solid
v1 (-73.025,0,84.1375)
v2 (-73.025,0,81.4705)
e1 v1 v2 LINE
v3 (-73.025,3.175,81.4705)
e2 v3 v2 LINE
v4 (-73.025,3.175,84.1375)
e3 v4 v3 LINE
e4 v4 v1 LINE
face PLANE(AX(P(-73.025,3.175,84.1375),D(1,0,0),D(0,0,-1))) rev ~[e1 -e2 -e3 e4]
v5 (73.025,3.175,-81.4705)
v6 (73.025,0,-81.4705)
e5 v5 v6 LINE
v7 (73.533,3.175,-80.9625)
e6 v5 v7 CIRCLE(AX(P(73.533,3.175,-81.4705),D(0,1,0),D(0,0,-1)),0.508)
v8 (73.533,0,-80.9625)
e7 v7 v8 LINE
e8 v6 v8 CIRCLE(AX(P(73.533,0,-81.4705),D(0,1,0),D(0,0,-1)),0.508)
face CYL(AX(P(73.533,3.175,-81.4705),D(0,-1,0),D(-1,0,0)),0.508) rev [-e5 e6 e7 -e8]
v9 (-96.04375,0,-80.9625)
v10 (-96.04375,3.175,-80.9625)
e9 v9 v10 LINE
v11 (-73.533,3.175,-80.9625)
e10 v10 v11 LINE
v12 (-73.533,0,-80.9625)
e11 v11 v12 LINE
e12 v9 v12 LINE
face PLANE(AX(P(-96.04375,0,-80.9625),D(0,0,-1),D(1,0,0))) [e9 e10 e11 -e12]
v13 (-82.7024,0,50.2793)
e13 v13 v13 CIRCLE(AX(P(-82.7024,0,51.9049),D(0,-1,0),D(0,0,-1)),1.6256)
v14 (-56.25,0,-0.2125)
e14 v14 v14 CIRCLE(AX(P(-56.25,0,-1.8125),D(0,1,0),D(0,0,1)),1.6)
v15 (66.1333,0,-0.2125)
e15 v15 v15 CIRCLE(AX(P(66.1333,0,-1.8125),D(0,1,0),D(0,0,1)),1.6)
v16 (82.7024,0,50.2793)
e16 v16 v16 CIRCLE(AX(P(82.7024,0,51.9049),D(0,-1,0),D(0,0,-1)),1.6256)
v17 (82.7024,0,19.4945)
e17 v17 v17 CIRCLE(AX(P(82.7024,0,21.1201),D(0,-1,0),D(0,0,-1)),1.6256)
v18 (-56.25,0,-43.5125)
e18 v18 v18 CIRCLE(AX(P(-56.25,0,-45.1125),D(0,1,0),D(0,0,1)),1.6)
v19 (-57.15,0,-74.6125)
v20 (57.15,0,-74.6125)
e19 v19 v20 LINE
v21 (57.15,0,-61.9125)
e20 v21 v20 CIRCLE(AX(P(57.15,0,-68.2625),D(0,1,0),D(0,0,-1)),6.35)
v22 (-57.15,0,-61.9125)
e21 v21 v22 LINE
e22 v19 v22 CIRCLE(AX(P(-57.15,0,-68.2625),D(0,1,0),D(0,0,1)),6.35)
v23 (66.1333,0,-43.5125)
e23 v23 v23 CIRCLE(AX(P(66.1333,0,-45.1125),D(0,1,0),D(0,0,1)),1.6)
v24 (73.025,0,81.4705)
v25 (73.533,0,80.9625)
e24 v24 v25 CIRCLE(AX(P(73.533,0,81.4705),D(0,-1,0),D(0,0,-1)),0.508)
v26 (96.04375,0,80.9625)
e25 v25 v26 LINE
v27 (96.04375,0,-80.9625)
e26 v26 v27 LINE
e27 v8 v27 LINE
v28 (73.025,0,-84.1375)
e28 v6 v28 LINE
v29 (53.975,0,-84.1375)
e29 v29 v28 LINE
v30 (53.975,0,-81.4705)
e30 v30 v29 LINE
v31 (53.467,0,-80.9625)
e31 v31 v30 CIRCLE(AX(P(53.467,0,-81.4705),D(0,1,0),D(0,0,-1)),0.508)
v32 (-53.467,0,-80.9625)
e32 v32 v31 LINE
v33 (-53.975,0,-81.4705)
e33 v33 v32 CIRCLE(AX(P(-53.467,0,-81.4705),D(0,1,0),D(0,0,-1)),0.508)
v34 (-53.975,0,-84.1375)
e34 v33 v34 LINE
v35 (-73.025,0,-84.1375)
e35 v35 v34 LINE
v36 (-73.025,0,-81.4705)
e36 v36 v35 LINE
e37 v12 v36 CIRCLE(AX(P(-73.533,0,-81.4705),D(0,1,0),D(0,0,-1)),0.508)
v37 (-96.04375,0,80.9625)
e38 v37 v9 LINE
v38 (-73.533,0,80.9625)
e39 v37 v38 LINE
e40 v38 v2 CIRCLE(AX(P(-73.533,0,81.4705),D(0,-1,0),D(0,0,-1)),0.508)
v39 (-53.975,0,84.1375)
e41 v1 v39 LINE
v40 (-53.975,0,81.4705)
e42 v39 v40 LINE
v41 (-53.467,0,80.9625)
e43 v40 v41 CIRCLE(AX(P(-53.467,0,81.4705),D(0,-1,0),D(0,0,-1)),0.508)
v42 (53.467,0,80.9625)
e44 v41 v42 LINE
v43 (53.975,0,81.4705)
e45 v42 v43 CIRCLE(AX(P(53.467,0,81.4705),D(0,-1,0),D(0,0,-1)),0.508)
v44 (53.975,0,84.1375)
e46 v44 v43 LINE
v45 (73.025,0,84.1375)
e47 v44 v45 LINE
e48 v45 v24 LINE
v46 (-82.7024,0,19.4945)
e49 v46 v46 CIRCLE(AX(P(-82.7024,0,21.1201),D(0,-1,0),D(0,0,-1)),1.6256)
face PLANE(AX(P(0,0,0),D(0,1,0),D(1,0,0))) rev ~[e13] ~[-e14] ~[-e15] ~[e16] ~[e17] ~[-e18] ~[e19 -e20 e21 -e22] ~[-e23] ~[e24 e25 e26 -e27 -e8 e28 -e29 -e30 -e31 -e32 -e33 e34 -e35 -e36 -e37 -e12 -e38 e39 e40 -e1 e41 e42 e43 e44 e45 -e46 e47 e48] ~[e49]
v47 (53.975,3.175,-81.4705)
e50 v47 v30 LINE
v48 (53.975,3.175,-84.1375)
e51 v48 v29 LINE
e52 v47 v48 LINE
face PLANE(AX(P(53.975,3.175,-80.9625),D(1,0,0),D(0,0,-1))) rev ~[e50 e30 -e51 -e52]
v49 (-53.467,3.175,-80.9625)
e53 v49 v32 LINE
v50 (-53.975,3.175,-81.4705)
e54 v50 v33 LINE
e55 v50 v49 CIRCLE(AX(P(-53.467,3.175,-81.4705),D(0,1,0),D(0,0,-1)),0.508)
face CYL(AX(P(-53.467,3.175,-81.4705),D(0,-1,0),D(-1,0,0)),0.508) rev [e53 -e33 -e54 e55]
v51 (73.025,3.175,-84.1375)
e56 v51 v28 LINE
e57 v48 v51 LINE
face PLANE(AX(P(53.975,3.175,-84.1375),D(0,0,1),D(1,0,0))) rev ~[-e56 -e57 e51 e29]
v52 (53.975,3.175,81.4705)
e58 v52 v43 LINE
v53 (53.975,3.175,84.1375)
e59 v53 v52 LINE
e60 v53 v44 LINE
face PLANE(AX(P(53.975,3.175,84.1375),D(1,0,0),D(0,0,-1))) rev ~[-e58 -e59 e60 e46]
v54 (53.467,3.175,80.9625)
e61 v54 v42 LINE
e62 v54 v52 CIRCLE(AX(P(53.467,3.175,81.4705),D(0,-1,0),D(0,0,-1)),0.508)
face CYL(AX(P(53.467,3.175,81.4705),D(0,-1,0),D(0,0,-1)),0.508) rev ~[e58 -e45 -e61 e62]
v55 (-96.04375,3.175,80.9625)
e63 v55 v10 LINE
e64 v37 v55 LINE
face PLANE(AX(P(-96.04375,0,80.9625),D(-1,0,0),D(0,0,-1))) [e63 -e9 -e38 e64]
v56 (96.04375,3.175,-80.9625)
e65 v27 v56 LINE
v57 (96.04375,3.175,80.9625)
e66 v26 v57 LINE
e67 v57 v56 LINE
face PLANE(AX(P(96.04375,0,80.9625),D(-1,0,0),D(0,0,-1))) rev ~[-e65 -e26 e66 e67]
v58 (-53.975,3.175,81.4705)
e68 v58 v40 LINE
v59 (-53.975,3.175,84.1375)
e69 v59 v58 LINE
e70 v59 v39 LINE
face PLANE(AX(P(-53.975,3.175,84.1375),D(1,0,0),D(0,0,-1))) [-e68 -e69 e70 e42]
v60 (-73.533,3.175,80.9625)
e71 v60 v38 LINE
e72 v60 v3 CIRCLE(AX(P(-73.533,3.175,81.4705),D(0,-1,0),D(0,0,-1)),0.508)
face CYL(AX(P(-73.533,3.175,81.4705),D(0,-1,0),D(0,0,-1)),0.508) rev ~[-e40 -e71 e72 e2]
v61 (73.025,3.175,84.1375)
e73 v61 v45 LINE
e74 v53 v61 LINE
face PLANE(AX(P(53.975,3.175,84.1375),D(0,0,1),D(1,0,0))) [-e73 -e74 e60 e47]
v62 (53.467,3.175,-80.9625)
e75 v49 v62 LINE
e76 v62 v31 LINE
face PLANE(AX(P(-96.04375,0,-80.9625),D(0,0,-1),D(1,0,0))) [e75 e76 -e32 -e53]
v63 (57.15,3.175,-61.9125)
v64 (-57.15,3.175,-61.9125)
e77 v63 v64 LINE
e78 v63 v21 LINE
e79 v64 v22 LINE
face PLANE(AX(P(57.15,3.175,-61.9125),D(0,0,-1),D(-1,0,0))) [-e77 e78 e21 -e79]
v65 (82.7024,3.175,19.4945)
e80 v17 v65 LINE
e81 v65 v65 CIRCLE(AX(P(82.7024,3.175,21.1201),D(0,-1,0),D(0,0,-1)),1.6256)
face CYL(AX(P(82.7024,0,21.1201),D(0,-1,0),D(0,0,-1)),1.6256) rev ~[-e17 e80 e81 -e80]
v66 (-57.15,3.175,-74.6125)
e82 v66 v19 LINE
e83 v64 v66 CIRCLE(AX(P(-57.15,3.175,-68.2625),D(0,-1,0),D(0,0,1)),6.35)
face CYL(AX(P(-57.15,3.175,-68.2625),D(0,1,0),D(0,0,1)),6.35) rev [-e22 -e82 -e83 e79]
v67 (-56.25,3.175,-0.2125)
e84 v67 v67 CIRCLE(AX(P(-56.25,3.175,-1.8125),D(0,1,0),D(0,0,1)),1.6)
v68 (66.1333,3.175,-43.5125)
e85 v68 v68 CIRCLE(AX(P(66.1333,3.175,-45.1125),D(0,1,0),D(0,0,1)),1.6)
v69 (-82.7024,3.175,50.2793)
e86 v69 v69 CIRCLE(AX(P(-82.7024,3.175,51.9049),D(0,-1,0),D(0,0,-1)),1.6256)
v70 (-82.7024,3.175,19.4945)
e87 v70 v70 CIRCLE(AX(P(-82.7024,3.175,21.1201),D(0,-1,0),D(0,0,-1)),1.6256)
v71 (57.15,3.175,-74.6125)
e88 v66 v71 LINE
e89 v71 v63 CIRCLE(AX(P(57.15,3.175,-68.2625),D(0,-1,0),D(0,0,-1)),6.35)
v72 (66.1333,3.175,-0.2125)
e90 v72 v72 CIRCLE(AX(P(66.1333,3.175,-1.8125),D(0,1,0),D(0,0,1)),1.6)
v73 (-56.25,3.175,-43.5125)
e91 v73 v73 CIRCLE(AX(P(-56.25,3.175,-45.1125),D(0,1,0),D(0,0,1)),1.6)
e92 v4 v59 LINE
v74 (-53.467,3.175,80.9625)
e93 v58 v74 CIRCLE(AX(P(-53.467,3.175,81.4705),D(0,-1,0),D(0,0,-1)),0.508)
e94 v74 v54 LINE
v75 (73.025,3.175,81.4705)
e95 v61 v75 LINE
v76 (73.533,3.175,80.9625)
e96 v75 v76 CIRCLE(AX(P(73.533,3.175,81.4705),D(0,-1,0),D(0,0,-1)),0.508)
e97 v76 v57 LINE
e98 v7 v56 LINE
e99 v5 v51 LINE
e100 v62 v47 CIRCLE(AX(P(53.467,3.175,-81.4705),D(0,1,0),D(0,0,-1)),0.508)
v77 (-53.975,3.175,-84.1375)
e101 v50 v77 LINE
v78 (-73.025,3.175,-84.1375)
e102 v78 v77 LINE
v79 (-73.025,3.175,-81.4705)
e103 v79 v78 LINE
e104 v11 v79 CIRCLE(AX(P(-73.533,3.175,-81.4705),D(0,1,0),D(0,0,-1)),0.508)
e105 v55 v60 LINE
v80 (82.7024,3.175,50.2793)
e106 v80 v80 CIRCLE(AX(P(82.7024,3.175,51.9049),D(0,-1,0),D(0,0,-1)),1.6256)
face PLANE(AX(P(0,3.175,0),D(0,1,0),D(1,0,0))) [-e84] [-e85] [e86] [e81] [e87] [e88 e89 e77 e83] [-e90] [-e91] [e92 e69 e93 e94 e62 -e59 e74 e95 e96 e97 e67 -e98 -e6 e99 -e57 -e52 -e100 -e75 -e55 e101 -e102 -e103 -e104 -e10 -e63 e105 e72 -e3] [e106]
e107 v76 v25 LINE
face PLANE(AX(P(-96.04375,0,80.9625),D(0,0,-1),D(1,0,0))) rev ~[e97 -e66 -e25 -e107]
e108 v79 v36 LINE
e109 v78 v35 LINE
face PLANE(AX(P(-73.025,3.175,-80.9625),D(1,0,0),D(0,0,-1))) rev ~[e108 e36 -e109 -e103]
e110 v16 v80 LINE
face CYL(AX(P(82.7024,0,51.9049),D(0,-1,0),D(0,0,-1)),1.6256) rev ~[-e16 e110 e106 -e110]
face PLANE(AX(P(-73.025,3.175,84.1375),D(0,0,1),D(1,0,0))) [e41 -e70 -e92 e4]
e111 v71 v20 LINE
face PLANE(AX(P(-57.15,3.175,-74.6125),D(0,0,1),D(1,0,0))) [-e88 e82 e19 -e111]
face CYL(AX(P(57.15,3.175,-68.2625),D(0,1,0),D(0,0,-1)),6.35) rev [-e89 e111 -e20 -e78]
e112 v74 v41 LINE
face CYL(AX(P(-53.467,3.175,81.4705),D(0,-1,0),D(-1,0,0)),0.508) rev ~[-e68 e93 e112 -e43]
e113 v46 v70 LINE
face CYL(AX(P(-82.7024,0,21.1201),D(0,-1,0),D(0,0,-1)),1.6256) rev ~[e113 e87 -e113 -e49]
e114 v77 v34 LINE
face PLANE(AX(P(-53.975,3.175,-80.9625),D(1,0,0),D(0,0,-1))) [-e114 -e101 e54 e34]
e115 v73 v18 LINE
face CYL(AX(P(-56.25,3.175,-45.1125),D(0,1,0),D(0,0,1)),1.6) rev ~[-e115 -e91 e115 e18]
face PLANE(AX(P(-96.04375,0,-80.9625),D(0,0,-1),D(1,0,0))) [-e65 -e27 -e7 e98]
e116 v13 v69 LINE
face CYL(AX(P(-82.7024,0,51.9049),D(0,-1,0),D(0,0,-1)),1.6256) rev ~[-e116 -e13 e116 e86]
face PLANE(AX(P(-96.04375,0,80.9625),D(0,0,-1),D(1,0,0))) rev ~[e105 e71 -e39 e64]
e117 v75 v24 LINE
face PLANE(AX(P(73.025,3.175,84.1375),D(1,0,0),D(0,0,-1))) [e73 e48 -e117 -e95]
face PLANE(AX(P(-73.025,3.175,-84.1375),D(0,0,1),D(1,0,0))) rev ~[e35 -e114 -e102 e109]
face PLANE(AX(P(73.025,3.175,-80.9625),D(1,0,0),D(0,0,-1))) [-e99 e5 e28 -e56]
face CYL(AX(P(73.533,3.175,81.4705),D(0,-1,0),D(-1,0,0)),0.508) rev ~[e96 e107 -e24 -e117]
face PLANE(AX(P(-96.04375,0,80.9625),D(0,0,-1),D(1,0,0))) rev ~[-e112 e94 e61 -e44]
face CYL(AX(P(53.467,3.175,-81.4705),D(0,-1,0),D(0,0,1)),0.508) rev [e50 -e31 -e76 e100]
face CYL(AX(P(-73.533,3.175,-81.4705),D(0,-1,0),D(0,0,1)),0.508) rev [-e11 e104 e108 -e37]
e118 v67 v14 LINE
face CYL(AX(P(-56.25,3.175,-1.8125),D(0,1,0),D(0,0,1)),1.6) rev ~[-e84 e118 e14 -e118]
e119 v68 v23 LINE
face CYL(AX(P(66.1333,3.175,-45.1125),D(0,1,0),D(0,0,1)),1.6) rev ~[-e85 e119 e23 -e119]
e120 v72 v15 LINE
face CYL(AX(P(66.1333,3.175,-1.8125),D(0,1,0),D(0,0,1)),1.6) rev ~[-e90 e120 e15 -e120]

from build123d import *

# Parameters (mm, degrees)
SKETCH1_W           = 192.0875
SKETCH1_H           = 161.925
BOSS_EXTRUDE1_DEPTH = 3.175
SKETCH2_W           = 19.05
SKETCH2_H           = 3.175
BOSS_EXTRUDE2_DEPTH = 3.175
CUT_EXTRUDE1_DEPTH  = 128.724709611
FILLET1_R           = 0.508
CUT_EXTRUDE2_REACH  = 129.725
SKETCH4_R           = 1.6256
CUT_EXTRUDE3_REACH  = 129.725
SKETCH5_R           = 1.6


with BuildPart() as part:
    # Sketch1 → Boss-Extrude1 (new body)
    with BuildSketch(Plane(origin=(0, 0, 0), x_dir=(1, 0, 0), z_dir=(0, 1, 0))):
        Rectangle(SKETCH1_W, SKETCH1_H)
    extrude(amount=BOSS_EXTRUDE1_DEPTH)

    # Sketch2 → Boss-Extrude2 (add)
    with BuildSketch(Plane(origin=(0, 3.175, 0), x_dir=(1, 0, 0), z_dir=(0, 1, 0))):
        with Locations((-63.5, 82.55)):
            Rectangle(SKETCH2_W, SKETCH2_H)
        with Locations((63.5, 82.55)):
            Rectangle(SKETCH2_W, SKETCH2_H)
        with Locations((-63.5, -82.55)):
            Rectangle(SKETCH2_W, SKETCH2_H)
        with Locations((63.5, -82.55)):
            Rectangle(SKETCH2_W, SKETCH2_H)
    extrude(amount=-BOSS_EXTRUDE2_DEPTH)

    # Sketch3 → Cut-Extrude1 (cut, through all)
    with BuildSketch(Plane(origin=(0, 3.175, 0), x_dir=(1, 0, 0), z_dir=(0, 1, 0))):
        with BuildLine():
            Line((-57.15, 74.6125), (57.15, 74.6125))
            ThreePointArc((57.15, 74.6125), (63.5, 68.2625), (57.15, 61.9125))
            Line((57.15, 61.9125), (-57.15, 61.9125))
            ThreePointArc((-57.15, 61.9125), (-63.5, 68.2625), (-57.15, 74.6125))
        make_face()
    extrude(amount=-CUT_EXTRUDE1_DEPTH, mode=Mode.SUBTRACT)

    # Fillet1
    fillet1_edges = [part.edges().sort_by_distance(p)[0] for p in [
        (73.025, 1.5875, 80.9625),
        (53.975, 1.5875, 80.9625),
        (-53.975, 1.5875, 80.9625),
        (-73.025, 1.5875, 80.9625),
        (53.975, 1.5875, -80.9625),
        (73.025, 1.5875, -80.9625),
        (-53.975, 1.5875, -80.9625),
        (-73.025, 1.5875, -80.9625),
    ]]
    fillet(fillet1_edges, radius=FILLET1_R)

    # Sketch4 → Cut-Extrude2 (cut, up to next)
    with BuildSketch(Plane.XZ, mode=Mode.PRIVATE) as cut_extrude2_sk1:
        with Locations(Location((-82.7024, 51.9049, 0), (0, 0, 270))):
            Circle(SKETCH4_R)
    cut_extrude2_tool1 = extrude(cut_extrude2_sk1.sketch, amount=-CUT_EXTRUDE2_REACH, mode=Mode.PRIVATE) & part.part
    # Sketch4 → Cut-Extrude2 (cut, up to next)
    with BuildSketch(Plane.XZ, mode=Mode.PRIVATE) as cut_extrude2_sk2:
        with Locations(Location((-82.7024, 21.1201, 0), (0, 0, 270))):
            Circle(SKETCH4_R)
    cut_extrude2_tool2 = extrude(cut_extrude2_sk2.sketch, amount=-CUT_EXTRUDE2_REACH, mode=Mode.PRIVATE) & part.part
    # Sketch4 → Cut-Extrude2 (cut, up to next)
    with BuildSketch(Plane.XZ, mode=Mode.PRIVATE) as cut_extrude2_sk3:
        with Locations(Location((82.7024, 21.1201, 0), (0, 0, 270))):
            Circle(SKETCH4_R)
    cut_extrude2_tool3 = extrude(cut_extrude2_sk3.sketch, amount=-CUT_EXTRUDE2_REACH, mode=Mode.PRIVATE) & part.part
    # Sketch4 → Cut-Extrude2 (cut, up to next)
    with BuildSketch(Plane.XZ, mode=Mode.PRIVATE) as cut_extrude2_sk4:
        with Locations(Location((82.7024, 51.9049, 0), (0, 0, 270))):
            Circle(SKETCH4_R)
    cut_extrude2_tool4 = extrude(cut_extrude2_sk4.sketch, amount=-CUT_EXTRUDE2_REACH, mode=Mode.PRIVATE) & part.part
    add(cut_extrude2_tool1.solids().sort_by_distance((-82.7024, 0, 51.9049))[0], mode=Mode.SUBTRACT)
    add(cut_extrude2_tool2.solids().sort_by_distance((-82.7024, 0, 21.1201))[0], mode=Mode.SUBTRACT)
    add(cut_extrude2_tool3.solids().sort_by_distance((82.7024, 0, 21.1201))[0], mode=Mode.SUBTRACT)
    add(cut_extrude2_tool4.solids().sort_by_distance((82.7024, 0, 51.9049))[0], mode=Mode.SUBTRACT)

    # Sketch5 → Cut-Extrude3 (cut, up to next)
    with BuildSketch(Plane(origin=(0, 3.175, 0), x_dir=(1, 0, 0), z_dir=(0, 1, 0)), mode=Mode.PRIVATE) as cut_extrude3_sk1:
        with Locations(Location((66.1333, 1.8125, 0), (0, 0, 270))):
            Circle(SKETCH5_R)
    cut_extrude3_tool1 = extrude(cut_extrude3_sk1.sketch, amount=-CUT_EXTRUDE3_REACH, mode=Mode.PRIVATE) & part.part
    # Sketch5 → Cut-Extrude3 (cut, up to next)
    with BuildSketch(Plane(origin=(0, 3.175, 0), x_dir=(1, 0, 0), z_dir=(0, 1, 0)), mode=Mode.PRIVATE) as cut_extrude3_sk2:
        with Locations(Location((66.1333, 45.1125, 0), (0, 0, 270))):
            Circle(SKETCH5_R)
    cut_extrude3_tool2 = extrude(cut_extrude3_sk2.sketch, amount=-CUT_EXTRUDE3_REACH, mode=Mode.PRIVATE) & part.part
    # Sketch5 → Cut-Extrude3 (cut, up to next)
    with BuildSketch(Plane(origin=(0, 3.175, 0), x_dir=(1, 0, 0), z_dir=(0, 1, 0)), mode=Mode.PRIVATE) as cut_extrude3_sk3:
        with Locations(Location((-56.25, 45.1125, 0), (0, 0, 270))):
            Circle(SKETCH5_R)
    cut_extrude3_tool3 = extrude(cut_extrude3_sk3.sketch, amount=-CUT_EXTRUDE3_REACH, mode=Mode.PRIVATE) & part.part
    # Sketch5 → Cut-Extrude3 (cut, up to next)
    with BuildSketch(Plane(origin=(0, 3.175, 0), x_dir=(1, 0, 0), z_dir=(0, 1, 0)), mode=Mode.PRIVATE) as cut_extrude3_sk4:
        with Locations(Location((-56.25, 1.8125, 0), (0, 0, 270))):
            Circle(SKETCH5_R)
    cut_extrude3_tool4 = extrude(cut_extrude3_sk4.sketch, amount=-CUT_EXTRUDE3_REACH, mode=Mode.PRIVATE) & part.part
    add(cut_extrude3_tool1.solids().sort_by_distance((66.1333, 3.175, -1.8125))[0], mode=Mode.SUBTRACT)
    add(cut_extrude3_tool2.solids().sort_by_distance((66.1333, 3.175, -45.1125))[0], mode=Mode.SUBTRACT)
    add(cut_extrude3_tool3.solids().sort_by_distance((-56.25, 3.175, -45.1125))[0], mode=Mode.SUBTRACT)
    add(cut_extrude3_tool4.solids().sort_by_distance((-56.25, 3.175, -1.8125))[0], mode=Mode.SUBTRACT)


solid = part.part
